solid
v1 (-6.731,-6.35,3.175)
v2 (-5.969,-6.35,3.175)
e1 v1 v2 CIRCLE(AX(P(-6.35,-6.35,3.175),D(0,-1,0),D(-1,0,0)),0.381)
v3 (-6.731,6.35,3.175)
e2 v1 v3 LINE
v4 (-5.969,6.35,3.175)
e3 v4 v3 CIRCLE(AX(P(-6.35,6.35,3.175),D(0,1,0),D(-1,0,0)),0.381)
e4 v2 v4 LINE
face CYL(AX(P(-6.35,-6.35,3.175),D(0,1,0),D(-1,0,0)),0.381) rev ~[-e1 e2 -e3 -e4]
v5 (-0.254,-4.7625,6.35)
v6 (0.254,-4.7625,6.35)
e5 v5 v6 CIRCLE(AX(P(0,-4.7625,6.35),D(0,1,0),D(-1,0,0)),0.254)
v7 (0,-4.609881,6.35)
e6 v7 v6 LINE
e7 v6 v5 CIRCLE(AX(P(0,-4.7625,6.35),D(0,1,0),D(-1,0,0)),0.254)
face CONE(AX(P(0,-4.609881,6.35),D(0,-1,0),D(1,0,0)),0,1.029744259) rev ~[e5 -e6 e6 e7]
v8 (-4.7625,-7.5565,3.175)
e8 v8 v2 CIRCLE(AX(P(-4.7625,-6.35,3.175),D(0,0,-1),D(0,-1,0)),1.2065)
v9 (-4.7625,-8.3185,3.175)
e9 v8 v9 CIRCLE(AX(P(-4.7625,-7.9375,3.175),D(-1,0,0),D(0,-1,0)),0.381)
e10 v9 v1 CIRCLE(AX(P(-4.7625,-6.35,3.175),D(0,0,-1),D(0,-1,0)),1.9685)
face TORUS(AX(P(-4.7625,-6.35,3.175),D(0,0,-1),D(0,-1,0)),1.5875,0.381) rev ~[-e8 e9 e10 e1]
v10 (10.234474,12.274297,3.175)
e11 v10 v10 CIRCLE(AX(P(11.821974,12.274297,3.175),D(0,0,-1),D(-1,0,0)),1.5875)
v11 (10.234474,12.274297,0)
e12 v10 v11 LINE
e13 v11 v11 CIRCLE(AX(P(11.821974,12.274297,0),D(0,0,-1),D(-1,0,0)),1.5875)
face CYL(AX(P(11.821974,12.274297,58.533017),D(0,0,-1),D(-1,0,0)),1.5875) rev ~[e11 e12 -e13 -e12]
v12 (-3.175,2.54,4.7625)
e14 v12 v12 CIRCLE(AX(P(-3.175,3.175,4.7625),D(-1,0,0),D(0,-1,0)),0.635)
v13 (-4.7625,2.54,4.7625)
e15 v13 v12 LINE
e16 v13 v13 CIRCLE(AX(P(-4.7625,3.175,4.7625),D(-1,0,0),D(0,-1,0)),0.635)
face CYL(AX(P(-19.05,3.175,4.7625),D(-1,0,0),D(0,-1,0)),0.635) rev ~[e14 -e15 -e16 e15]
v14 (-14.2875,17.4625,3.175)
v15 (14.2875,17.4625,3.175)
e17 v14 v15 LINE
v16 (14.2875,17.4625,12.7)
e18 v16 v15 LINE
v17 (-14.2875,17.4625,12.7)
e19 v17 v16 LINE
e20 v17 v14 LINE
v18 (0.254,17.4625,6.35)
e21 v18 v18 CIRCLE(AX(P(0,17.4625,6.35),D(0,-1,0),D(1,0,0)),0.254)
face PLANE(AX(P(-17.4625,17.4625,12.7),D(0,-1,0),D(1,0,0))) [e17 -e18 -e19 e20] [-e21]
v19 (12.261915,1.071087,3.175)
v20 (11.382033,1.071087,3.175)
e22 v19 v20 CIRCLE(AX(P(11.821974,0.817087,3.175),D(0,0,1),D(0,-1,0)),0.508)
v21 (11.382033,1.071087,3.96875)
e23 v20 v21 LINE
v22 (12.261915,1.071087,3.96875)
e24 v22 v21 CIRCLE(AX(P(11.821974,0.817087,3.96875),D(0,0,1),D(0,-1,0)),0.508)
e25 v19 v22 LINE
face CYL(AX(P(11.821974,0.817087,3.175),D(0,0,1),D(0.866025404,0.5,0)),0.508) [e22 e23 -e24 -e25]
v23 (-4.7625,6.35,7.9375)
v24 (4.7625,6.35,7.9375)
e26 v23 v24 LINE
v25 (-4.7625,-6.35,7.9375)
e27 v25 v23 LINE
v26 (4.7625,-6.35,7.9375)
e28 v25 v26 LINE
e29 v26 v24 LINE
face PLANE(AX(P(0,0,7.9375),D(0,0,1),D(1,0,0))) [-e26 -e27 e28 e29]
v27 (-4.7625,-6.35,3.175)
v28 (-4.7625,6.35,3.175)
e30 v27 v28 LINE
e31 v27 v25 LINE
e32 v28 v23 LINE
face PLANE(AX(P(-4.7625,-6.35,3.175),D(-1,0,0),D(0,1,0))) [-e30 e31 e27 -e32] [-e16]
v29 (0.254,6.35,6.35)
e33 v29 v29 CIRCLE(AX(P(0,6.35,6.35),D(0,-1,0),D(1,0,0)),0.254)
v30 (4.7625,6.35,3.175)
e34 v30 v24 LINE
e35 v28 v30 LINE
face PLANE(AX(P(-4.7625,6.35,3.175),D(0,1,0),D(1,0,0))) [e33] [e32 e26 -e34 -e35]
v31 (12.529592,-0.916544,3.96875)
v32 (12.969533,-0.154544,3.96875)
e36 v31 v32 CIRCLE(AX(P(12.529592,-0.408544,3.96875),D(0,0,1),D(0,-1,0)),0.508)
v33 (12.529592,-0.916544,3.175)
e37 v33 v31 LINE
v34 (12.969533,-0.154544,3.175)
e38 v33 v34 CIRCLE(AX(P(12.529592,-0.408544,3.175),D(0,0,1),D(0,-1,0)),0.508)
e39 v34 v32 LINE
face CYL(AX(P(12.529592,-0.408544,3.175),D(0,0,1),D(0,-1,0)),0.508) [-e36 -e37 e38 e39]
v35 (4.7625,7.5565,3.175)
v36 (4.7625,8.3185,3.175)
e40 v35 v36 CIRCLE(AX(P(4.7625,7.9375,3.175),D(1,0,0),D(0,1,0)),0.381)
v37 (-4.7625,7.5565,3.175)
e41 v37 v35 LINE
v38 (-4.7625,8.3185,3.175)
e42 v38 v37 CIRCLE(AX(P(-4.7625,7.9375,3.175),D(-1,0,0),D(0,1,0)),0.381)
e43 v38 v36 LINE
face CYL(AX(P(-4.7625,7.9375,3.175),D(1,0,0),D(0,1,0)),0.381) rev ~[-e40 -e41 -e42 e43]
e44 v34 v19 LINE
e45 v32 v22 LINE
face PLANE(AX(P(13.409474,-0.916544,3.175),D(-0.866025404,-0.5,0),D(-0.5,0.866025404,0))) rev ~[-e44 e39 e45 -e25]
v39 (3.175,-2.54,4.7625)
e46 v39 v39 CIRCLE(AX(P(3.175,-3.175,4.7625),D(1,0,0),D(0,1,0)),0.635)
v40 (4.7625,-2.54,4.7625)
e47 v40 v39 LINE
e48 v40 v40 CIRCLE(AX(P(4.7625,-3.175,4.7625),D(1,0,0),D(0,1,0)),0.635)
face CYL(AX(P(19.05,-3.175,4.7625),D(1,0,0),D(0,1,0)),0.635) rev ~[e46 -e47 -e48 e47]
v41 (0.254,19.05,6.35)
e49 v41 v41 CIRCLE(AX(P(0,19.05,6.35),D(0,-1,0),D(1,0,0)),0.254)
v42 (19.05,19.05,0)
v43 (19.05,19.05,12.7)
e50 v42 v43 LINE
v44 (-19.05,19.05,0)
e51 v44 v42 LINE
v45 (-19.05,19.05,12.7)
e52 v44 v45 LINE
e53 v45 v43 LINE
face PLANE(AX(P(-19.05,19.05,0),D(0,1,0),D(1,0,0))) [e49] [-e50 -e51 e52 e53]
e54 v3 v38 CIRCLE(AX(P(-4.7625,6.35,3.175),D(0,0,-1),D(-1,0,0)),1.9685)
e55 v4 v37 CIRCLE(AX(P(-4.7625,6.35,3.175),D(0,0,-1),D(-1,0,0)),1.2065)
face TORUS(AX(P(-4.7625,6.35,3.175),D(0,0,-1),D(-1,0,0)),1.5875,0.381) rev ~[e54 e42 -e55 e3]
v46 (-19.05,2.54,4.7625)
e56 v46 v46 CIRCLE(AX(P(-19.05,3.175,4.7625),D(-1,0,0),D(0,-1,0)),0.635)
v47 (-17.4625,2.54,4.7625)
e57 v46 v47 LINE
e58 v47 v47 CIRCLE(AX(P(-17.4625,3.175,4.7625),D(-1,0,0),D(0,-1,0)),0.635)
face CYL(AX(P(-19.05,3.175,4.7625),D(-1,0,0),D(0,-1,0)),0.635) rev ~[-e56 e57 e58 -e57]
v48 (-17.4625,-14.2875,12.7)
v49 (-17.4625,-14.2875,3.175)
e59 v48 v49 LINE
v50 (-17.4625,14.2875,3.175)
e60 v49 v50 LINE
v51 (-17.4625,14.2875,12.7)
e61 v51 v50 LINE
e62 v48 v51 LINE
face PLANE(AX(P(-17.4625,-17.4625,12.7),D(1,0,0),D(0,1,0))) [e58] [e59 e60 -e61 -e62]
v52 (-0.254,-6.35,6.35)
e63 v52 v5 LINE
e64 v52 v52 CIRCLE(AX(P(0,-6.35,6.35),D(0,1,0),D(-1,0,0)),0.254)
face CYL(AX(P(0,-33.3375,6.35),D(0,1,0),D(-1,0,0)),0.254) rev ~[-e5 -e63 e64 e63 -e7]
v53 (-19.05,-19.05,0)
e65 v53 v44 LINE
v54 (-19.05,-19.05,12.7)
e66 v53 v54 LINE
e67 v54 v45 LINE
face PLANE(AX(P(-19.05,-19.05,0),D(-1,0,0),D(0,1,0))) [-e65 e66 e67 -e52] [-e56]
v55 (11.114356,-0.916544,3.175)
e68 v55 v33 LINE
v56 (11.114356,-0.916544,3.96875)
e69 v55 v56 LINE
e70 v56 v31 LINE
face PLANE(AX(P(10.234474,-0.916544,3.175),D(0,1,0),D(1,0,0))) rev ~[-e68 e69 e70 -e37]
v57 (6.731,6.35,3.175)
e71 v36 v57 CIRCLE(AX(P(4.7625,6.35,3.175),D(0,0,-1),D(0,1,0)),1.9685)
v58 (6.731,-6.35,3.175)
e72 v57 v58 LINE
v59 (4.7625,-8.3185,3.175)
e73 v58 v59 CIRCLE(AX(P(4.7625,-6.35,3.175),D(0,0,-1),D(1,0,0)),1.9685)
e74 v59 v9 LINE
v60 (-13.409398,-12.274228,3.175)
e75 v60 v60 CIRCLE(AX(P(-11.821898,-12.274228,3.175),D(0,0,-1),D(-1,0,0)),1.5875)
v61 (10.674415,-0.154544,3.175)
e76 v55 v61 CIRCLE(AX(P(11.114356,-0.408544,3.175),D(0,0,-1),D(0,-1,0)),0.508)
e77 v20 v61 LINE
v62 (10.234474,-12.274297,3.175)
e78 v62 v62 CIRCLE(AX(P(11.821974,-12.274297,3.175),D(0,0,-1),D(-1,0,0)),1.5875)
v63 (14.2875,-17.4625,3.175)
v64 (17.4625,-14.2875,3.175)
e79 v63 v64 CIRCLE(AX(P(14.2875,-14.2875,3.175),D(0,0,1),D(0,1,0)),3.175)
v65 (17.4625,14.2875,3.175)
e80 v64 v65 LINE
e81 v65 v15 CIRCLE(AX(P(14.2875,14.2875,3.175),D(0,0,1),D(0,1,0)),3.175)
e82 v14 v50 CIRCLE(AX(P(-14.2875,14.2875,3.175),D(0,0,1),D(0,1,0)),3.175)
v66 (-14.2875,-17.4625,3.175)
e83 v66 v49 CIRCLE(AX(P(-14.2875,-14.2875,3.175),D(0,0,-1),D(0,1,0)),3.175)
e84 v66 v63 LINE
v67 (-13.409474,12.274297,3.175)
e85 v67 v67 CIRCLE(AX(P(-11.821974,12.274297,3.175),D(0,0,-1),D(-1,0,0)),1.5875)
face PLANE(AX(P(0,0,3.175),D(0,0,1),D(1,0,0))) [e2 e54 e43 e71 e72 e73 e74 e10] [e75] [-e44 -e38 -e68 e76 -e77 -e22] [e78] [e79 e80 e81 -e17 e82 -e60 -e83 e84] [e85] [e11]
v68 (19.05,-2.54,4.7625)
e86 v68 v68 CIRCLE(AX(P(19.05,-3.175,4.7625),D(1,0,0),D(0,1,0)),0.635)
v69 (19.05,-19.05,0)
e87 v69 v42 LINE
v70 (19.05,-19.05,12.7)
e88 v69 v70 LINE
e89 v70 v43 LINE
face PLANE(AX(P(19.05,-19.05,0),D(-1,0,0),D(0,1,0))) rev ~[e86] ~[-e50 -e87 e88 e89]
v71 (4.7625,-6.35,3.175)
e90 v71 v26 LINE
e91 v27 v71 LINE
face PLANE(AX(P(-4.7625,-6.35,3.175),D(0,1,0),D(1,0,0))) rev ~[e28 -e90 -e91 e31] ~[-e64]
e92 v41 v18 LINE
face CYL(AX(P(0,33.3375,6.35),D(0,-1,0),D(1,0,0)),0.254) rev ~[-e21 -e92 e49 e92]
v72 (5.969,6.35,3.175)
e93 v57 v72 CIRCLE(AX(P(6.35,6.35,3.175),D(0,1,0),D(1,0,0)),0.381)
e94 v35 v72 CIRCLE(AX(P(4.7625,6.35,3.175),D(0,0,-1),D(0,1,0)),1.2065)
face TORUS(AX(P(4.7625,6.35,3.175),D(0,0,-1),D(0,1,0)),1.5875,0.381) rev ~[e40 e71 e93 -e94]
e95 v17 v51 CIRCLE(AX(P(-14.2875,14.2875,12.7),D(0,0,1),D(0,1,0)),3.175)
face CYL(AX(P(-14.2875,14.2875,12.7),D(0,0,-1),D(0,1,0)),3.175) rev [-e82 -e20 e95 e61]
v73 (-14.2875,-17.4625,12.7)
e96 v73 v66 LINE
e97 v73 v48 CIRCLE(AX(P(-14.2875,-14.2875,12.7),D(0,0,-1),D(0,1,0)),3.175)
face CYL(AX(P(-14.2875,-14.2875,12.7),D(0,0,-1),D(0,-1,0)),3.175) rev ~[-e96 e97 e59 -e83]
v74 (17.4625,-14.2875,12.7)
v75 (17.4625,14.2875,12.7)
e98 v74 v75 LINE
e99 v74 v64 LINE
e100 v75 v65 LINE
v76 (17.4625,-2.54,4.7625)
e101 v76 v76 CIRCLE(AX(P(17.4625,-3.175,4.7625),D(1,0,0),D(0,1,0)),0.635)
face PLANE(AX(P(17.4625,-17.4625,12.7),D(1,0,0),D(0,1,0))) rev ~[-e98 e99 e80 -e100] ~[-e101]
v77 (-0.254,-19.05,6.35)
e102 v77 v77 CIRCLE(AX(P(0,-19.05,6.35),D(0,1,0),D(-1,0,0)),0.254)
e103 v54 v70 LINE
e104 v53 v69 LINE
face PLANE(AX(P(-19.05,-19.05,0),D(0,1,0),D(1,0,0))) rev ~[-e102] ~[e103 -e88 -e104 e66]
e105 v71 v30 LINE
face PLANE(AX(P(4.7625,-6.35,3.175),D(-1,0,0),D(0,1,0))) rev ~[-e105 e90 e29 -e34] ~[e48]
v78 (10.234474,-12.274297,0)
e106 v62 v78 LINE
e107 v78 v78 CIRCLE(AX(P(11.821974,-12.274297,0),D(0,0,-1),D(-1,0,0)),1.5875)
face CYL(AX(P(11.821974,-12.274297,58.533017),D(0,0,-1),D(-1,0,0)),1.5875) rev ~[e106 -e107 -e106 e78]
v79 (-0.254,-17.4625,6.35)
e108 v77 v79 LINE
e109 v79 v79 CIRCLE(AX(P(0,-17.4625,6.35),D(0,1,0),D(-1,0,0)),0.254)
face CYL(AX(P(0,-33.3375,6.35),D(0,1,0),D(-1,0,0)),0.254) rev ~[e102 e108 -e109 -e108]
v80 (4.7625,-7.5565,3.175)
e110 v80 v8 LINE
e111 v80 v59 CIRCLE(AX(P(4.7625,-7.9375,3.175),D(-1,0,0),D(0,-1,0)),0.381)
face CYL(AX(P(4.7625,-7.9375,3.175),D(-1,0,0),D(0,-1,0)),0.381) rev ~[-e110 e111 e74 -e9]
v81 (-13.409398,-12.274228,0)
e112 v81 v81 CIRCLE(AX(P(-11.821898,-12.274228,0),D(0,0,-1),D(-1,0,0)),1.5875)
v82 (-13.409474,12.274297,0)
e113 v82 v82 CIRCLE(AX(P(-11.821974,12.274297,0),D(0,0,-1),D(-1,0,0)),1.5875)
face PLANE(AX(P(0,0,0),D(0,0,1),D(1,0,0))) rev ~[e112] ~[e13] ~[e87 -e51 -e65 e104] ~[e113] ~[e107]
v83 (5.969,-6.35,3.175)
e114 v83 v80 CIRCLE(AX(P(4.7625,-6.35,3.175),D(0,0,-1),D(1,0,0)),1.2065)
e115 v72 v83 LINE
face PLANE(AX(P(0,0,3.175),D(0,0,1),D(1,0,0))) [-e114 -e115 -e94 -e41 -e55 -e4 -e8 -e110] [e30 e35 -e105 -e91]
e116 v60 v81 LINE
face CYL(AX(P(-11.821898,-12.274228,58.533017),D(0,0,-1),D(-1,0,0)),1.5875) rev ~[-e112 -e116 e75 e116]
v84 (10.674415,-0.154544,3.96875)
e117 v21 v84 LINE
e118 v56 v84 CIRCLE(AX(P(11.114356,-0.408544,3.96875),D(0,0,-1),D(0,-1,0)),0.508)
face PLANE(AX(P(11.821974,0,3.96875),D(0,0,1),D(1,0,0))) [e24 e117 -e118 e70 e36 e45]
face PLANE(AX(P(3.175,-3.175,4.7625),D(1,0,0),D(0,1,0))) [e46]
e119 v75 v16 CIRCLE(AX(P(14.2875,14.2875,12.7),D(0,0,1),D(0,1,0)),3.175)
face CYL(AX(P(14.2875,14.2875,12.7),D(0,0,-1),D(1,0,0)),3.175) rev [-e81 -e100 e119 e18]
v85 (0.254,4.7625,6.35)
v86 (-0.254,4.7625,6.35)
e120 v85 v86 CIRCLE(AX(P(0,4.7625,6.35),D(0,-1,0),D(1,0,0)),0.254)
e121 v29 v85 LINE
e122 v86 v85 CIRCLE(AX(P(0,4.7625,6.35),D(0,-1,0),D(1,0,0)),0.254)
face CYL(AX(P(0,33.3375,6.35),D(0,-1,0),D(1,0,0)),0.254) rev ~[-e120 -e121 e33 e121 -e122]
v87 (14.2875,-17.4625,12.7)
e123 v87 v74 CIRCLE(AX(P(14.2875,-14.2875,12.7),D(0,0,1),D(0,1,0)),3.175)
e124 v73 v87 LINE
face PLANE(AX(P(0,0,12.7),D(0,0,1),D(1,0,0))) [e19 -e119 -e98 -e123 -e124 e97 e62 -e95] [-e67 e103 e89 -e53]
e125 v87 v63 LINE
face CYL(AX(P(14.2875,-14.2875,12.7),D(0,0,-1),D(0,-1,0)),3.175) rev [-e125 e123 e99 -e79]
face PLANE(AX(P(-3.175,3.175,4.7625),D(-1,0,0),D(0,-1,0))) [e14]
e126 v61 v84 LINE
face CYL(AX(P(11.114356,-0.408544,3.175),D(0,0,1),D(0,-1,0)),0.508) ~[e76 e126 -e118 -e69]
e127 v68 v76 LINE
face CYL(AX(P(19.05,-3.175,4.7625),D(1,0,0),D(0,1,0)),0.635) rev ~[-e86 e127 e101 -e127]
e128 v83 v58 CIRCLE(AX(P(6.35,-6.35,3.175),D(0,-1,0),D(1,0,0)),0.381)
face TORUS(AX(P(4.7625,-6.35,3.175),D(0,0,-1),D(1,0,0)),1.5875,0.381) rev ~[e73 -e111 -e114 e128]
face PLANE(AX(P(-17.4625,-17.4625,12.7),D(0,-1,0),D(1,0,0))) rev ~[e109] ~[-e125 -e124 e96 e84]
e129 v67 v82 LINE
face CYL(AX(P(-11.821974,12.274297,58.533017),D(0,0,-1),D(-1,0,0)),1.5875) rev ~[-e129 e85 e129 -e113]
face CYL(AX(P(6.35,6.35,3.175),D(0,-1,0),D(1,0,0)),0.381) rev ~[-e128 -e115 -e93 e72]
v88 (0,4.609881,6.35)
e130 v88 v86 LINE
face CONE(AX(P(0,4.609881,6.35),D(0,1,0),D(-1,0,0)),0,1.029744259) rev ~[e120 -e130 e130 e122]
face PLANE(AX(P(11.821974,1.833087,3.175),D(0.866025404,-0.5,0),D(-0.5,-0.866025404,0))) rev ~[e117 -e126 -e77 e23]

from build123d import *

# Parameters (mm, degrees)
F0_W      = 38.1
F0_H      = 38.1
F1_DEPTH  = 12.7
F2_W      = 34.925
F2_H      = 34.925
F3_DEPTH  = 9.525
F4_W      = 9.525
F4_H      = 12.7
F5_DEPTH  = 4.7625
F7_D      = 0.508
F7_DEPTH  = 14.2875
F7_TIP    = 0.1526185972
F9_D      = 0.508
F9_DEPTH  = 14.2875
F9_TIP    = 0.1526185972
F10_R     = 3.175
F15_D     = 3.175
F17_DEPTH = 0.79375
F18_R     = 0.508
F19_R     = 0.635
F20_DEPTH = 15.875
F21_R     = 0.635
F22_DEPTH = 15.875


with BuildPart() as f1:
    # F0 (on Top) → F1 (new body)
    with BuildSketch(Plane.XY):
        Rectangle(F0_W, F0_H)
    extrude(amount=F1_DEPTH)

    # F2 (on face) → F3 (cut)
    with BuildSketch(Plane.XY.offset(12.7)):
        Rectangle(F2_W, F2_H)
    extrude(amount=-F3_DEPTH, mode=Mode.SUBTRACT)

    # F4 (on face) → F5 (join)
    with BuildSketch(Plane.XY.offset(3.175)):
        Rectangle(F4_W, F4_H)
    extrude(amount=F5_DEPTH)

    # F7
    with Locations(Plane.XZ.offset(19.05)):
        with Locations((0, 6.35)):
            Hole(F7_D / 2, depth=F7_DEPTH)
            with Locations((0, 0, -(F7_DEPTH + F7_TIP / 2))):  # 118° drill point
                Cone(0, F7_D / 2, F7_TIP, mode=Mode.SUBTRACT)

    # F9
    with Locations(Plane(origin=(0, 19.05, 0), x_dir=(-1, 0, 0), z_dir=(0, 1, 0))):
        with Locations((0, 6.35)):
            Hole(F9_D / 2, depth=F9_DEPTH)
            with Locations((0, 0, -(F9_DEPTH + F9_TIP / 2))):  # 118° drill point
                Cone(0, F9_D / 2, F9_TIP, mode=Mode.SUBTRACT)

    # F10
    f10_edges = [f1.edges().sort_by_distance(p)[0] for p in [
        (-17.4625, 17.4625, 7.9375),
        (-17.4625, -17.4625, 7.9375),
        (17.4625, -17.4625, 7.9375),
        (17.4625, 17.4625, 7.9375),
    ]]
    fillet(f10_edges, radius=F10_R)

    # F13: sweep along a path in F11
    with BuildLine(Plane.XY.offset(3.175)) as f13_path:
        Line((4.7625, -7.9375), (-4.7625, -7.9375))
        ThreePointArc((-4.7625, -7.9375), (-5.8850320151, -7.4725320151), (-6.35, -6.35))
        Line((-6.35, -6.35), (-6.35, 0))
        Line((-6.35, 0), (-6.35, 6.35))
        ThreePointArc((-6.35, 6.35), (-5.8850320151, 7.4725320151), (-4.7625, 7.9375))
        Line((-4.7625, 7.9375), (4.7625, 7.9375))
        ThreePointArc((4.7625, 7.9375), (5.8850320151, 7.4725320151), (6.35, 6.35))
        Line((6.35, 6.35), (6.35, -6.35))
        ThreePointArc((6.35, -6.35), (5.8850320151, -7.4725320151), (4.7625, -7.9375))
    # F12 (on Front) → F13 (sweep, cut)
    with BuildSketch(Plane.XZ):
        with BuildLine():
            Line((-5.969, 3.175), (-6.731, 3.175))
            ThreePointArc((-6.731, 3.175), (-6.35, 2.794), (-5.969, 3.175))
        make_face()
    sweep(path=f13_path.line, mode=Mode.SUBTRACT)

    # F15 (through all)
    with Locations(Plane.XY.offset(3.175)):
        with Locations((11.8219737159, -12.2742969073), (11.8219737159, 12.2742969073), (-11.8219737159, 12.2742969073), (-11.8218979341, -12.2742284023)):
            Hole(F15_D / 2)

    # F16 (on face) → F17 (join)
    with BuildSketch(Plane.XY.offset(3.175)):
        Polygon((10.2344737159, -0.9165435523), (13.4094737159, -0.9165435523), (11.8219737159, 1.8330871047), align=None)
    extrude(amount=F17_DEPTH)

    # F18
    f18_edges = [f1.edges().sort_by_distance(p)[0] for p in [
        (11.821974, 1.833087, 3.571875),
        (13.409474, -0.916544, 3.571875),
        (10.234474, -0.916544, 3.571875),
    ]]
    fillet(f18_edges, radius=F18_R)

    # F19 (on face) → F20 (cut)
    with BuildSketch(Plane.YZ.offset(19.05)):
        with Locations((-3.175, 4.7625)):
            Circle(F19_R)
    extrude(amount=-F20_DEPTH, mode=Mode.SUBTRACT)

    # F21 (on face) → F22 (cut)
    with BuildSketch(Plane(origin=(-19.05, 0, 0), x_dir=(0, -1, 0), z_dir=(-1, 0, 0))):
        with Locations((-3.175, 4.7625)):
            Circle(F21_R)
    extrude(amount=-F22_DEPTH, mode=Mode.SUBTRACT)


solid = f1.part
